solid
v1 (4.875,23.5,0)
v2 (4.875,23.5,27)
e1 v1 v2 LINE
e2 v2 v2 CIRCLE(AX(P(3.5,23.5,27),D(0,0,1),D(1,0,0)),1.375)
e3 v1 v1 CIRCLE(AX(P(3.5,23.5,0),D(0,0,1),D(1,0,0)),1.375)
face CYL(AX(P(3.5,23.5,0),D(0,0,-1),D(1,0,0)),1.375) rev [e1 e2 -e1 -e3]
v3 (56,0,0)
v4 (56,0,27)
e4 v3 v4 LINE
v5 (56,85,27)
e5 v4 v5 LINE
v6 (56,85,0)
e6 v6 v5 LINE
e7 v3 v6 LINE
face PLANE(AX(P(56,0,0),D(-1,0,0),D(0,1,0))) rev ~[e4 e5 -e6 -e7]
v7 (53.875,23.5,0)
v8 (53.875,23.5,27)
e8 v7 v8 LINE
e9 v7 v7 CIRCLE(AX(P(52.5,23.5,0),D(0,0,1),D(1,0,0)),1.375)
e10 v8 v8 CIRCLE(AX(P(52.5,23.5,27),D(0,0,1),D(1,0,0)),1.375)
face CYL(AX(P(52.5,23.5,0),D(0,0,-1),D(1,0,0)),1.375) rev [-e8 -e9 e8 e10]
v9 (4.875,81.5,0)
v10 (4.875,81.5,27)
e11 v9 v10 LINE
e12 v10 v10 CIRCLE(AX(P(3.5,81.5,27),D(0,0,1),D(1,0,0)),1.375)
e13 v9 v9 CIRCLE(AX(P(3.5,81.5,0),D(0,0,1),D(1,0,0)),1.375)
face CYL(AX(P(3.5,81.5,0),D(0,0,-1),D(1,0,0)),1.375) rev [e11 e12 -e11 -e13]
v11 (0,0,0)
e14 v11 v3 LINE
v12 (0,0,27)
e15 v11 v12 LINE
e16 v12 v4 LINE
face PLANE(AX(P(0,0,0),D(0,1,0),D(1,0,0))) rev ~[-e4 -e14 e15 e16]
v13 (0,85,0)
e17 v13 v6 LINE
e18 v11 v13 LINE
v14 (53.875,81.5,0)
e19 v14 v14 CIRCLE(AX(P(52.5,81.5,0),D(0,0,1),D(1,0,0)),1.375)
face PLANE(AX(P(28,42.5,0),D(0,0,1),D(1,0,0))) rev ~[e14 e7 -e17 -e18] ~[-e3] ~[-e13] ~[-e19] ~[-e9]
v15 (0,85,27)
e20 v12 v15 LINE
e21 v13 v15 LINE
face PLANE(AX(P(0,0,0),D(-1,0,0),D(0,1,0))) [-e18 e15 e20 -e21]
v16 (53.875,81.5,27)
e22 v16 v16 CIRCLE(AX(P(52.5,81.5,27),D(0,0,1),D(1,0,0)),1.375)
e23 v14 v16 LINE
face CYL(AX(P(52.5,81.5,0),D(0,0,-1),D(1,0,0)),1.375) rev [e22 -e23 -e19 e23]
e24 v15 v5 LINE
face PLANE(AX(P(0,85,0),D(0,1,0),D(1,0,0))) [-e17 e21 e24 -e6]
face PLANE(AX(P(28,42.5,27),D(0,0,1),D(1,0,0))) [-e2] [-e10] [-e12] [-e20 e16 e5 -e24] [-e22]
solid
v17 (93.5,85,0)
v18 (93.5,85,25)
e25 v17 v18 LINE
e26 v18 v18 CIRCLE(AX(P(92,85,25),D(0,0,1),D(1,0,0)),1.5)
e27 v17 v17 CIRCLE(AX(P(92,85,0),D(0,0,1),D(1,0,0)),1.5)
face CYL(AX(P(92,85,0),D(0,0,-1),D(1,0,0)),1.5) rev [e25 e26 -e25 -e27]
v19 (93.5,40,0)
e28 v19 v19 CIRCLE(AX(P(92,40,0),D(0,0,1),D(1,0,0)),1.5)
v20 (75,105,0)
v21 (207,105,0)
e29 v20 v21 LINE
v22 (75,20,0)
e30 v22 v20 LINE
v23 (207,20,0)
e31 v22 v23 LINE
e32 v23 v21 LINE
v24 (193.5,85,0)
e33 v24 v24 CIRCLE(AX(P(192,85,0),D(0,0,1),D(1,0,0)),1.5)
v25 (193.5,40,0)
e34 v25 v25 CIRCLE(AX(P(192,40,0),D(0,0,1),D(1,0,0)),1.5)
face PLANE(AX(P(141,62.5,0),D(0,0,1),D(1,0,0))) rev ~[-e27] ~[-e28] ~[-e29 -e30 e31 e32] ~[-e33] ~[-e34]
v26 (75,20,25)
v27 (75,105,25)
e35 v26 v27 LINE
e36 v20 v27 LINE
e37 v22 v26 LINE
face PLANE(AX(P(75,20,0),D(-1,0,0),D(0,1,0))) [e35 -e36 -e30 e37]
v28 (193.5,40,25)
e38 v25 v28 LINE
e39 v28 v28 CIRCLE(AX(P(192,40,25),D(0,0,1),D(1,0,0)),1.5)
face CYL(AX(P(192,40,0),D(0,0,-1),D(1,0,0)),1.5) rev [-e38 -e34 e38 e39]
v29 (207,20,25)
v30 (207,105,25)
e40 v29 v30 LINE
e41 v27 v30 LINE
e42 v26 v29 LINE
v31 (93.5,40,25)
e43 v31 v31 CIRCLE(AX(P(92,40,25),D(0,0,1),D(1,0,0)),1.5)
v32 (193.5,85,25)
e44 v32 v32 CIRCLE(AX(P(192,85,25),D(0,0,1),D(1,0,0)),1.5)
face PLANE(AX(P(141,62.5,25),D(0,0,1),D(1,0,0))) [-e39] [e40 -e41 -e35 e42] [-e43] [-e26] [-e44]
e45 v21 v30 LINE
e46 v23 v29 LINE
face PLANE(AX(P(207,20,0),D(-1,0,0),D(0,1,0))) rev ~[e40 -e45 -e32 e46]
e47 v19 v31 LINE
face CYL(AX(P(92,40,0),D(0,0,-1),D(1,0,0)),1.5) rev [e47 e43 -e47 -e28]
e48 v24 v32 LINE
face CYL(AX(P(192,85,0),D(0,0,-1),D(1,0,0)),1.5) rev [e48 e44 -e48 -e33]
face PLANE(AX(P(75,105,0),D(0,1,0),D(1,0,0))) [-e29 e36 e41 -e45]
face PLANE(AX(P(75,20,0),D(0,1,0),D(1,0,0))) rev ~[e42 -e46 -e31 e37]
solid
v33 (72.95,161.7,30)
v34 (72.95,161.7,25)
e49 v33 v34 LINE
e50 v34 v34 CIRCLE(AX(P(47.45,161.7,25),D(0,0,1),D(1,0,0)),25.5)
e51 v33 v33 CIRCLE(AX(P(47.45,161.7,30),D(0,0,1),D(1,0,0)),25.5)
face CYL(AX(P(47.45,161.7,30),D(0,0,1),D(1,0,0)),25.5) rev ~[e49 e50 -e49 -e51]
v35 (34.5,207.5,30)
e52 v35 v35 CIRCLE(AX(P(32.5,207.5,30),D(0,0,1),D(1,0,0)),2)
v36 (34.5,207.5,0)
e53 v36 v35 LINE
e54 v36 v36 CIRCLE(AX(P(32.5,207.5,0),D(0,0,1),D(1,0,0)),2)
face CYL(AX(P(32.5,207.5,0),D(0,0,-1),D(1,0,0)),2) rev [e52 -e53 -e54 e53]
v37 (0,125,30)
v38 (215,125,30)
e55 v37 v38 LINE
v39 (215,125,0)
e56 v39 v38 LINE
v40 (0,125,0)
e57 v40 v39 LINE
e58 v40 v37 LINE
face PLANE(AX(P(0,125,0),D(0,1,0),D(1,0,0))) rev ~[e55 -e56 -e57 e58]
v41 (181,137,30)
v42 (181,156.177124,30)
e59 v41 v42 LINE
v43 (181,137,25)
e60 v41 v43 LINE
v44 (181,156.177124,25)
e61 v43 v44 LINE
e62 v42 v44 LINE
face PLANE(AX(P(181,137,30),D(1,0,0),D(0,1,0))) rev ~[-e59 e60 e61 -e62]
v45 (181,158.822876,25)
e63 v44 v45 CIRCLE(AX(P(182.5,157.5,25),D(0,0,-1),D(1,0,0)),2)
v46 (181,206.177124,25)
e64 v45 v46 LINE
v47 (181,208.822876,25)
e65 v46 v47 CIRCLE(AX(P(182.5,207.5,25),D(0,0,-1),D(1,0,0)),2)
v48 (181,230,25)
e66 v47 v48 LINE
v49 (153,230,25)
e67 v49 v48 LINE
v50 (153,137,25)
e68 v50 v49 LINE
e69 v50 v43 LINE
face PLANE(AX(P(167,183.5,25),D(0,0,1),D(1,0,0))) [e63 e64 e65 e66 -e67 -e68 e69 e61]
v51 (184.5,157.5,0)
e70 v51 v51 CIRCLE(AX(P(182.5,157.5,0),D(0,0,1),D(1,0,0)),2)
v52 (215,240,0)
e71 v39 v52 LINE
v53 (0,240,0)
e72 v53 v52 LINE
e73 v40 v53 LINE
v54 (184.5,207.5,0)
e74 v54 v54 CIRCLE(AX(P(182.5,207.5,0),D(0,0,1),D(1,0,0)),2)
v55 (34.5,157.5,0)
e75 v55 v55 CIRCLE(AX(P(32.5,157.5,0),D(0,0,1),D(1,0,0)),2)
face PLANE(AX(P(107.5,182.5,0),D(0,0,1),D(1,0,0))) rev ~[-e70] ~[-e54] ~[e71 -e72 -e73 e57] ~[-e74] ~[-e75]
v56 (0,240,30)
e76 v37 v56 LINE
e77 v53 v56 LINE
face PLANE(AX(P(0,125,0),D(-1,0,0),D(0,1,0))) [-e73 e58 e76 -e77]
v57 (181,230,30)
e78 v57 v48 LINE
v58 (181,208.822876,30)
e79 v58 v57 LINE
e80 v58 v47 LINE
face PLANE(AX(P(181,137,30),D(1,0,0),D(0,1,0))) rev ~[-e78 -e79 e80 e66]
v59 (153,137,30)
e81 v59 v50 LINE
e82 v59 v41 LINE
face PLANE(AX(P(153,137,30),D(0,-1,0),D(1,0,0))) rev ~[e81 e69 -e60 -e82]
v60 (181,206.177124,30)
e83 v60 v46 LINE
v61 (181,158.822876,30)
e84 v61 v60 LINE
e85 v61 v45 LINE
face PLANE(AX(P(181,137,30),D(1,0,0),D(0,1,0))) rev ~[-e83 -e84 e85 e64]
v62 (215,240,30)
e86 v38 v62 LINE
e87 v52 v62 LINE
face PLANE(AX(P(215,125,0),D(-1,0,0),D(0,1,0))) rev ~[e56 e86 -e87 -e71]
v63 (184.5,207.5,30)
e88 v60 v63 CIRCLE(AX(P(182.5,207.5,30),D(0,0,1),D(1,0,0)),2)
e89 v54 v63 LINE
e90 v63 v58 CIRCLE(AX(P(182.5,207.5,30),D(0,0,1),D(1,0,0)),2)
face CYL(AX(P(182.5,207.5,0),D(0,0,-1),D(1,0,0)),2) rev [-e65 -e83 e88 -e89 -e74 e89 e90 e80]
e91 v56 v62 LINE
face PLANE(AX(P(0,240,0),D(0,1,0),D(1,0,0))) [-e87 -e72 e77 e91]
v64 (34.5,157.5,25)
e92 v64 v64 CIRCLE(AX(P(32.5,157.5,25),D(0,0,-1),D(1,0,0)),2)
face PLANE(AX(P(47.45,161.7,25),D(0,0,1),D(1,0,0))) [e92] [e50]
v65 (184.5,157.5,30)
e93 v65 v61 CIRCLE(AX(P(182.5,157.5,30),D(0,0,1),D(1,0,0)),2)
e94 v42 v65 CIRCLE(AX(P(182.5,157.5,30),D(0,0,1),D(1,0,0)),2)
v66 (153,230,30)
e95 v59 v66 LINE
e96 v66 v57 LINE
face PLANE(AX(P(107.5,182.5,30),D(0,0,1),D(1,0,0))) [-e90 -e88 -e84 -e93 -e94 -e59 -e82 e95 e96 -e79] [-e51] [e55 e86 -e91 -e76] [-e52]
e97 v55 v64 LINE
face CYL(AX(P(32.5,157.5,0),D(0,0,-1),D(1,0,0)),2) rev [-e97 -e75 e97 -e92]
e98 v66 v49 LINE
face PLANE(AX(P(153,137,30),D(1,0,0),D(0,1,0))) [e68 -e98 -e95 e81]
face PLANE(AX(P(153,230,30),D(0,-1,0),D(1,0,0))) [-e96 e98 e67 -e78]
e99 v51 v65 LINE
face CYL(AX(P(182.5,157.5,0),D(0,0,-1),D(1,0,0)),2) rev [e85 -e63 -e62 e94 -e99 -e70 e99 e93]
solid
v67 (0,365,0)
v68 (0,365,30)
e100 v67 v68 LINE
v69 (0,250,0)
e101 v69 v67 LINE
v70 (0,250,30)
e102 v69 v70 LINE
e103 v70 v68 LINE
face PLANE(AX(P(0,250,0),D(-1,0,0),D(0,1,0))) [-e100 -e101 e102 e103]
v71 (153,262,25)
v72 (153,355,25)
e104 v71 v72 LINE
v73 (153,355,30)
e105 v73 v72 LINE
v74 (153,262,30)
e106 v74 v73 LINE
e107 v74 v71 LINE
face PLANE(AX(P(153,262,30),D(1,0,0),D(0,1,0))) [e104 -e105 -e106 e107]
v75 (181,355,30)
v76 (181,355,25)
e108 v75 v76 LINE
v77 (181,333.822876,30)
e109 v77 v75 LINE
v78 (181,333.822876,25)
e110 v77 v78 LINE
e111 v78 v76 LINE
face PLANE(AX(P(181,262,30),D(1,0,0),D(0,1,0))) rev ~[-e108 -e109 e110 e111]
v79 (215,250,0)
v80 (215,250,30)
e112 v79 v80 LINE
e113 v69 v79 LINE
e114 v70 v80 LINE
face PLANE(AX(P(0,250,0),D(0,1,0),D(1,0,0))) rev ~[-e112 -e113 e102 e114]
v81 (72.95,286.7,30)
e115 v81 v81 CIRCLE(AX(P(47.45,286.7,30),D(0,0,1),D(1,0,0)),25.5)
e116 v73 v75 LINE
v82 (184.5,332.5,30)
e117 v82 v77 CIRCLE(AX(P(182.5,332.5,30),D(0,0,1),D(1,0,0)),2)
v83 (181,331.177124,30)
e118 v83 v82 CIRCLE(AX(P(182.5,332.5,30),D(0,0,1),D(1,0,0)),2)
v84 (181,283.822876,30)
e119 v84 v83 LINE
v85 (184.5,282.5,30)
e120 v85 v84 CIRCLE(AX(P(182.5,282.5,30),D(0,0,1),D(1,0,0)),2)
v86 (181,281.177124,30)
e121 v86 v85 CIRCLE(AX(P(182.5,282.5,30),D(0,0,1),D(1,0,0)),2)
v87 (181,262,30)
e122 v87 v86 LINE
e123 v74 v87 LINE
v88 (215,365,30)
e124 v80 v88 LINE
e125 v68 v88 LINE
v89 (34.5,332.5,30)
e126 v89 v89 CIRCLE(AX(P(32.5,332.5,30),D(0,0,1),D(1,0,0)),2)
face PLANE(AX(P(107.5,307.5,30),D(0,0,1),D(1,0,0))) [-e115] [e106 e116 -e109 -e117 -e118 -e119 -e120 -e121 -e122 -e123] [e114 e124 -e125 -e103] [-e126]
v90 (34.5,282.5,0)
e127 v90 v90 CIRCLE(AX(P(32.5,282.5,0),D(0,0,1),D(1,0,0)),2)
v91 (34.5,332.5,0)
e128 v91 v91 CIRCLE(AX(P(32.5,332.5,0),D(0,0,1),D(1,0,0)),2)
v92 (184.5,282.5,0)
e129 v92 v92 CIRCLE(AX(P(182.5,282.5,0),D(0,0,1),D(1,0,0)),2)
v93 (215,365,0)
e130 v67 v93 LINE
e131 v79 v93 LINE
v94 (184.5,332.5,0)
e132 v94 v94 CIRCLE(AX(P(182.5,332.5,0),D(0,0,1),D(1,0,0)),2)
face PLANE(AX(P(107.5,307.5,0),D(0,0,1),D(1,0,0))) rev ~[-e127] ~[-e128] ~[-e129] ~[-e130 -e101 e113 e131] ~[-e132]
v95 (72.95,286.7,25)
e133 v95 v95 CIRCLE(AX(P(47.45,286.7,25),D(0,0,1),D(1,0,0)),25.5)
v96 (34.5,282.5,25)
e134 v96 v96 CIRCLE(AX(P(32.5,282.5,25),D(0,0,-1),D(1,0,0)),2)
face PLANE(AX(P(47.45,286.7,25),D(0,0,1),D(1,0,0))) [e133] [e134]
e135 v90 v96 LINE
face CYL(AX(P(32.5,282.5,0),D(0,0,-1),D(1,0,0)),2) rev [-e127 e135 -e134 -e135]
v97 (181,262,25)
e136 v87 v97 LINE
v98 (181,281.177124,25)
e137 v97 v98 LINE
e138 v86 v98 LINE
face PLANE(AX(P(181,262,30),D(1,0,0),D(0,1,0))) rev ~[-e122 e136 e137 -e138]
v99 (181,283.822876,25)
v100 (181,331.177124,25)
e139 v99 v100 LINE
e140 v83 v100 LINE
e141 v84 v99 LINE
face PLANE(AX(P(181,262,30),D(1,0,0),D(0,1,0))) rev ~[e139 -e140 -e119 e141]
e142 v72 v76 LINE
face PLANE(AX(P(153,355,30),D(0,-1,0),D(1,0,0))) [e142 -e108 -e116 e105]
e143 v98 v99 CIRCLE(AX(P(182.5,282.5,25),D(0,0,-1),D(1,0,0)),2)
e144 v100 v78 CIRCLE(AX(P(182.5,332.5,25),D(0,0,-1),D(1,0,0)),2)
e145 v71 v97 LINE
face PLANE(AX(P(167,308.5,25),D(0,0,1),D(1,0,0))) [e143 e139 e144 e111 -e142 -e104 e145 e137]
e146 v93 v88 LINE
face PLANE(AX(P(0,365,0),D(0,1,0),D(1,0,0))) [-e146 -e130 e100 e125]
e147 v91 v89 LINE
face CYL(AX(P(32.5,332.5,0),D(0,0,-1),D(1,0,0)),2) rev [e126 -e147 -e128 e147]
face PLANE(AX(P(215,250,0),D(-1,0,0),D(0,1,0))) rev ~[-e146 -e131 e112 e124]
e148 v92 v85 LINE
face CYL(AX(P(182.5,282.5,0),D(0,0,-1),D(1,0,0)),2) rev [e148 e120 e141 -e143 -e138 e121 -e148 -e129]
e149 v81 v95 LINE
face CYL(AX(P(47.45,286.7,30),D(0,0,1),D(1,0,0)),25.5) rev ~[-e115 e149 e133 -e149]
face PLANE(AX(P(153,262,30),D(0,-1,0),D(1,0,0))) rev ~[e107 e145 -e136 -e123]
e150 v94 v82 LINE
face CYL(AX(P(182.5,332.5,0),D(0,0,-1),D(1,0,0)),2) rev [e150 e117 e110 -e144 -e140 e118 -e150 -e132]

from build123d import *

# Parameters (mm, degrees)
SKETCH_W        = 56
SKETCH_H        = 85
SKETCH_R        = 1.375
PAD_DEPTH       = 27
SKETCH001_W     = 132
SKETCH001_H     = 85
SKETCH001_R     = 1.5
PAD001_DEPTH    = 25
SKETCH002_W     = 215
SKETCH002_H     = 115
SKETCH002_R     = 2
PAD002_DEPTH    = 30
SKETCH003_R     = 25.5
SKETCH003_W     = 28
SKETCH003_H     = 93
POCKET_DEPTH    = 5
SKETCH004_W     = 215
SKETCH004_H     = 115
SKETCH004_R     = 2
PAD003_DEPTH    = 30
SKETCH005_R     = 25.5
SKETCH005_W     = 28
SKETCH005_H     = 93
POCKET001_DEPTH = 5


with BuildPart() as pi3b:
    # Sketch → Pad (new body)
    with BuildSketch(Plane.XY):
        with Locations((28, 42.5)):
            Rectangle(SKETCH_W, SKETCH_H)
        with Locations((3.5, 81.5)):
            Circle(SKETCH_R, mode=Mode.SUBTRACT)
        with Locations((52.5, 81.5)):
            Circle(SKETCH_R, mode=Mode.SUBTRACT)
        with Locations((3.5, 23.5)):
            Circle(SKETCH_R, mode=Mode.SUBTRACT)
        with Locations((52.5, 23.5)):
            Circle(SKETCH_R, mode=Mode.SUBTRACT)
    extrude(amount=PAD_DEPTH)


with BuildPart() as driverboard:
    # Sketch001 → Pad001 (new body)
    with BuildSketch(Plane.XY):
        with Locations((141, 62.5)):
            Rectangle(SKETCH001_W, SKETCH001_H)
        with Locations((92, 85)):
            Circle(SKETCH001_R, mode=Mode.SUBTRACT)
        with Locations((192, 85)):
            Circle(SKETCH001_R, mode=Mode.SUBTRACT)
        with Locations((92, 40)):
            Circle(SKETCH001_R, mode=Mode.SUBTRACT)
        with Locations((192, 40)):
            Circle(SKETCH001_R, mode=Mode.SUBTRACT)
    extrude(amount=PAD001_DEPTH)


with BuildPart() as mw_lrs_350_5_a:
    # Sketch002 → Pad002 (new body)
    with BuildSketch(Plane.XY):
        with Locations((107.5, 182.5)):
            Rectangle(SKETCH002_W, SKETCH002_H)
        with Locations((32.5, 207.5)):
            Circle(SKETCH002_R, mode=Mode.SUBTRACT)
        with Locations((182.5, 207.5)):
            Circle(SKETCH002_R, mode=Mode.SUBTRACT)
        with Locations((182.5, 157.5)):
            Circle(SKETCH002_R, mode=Mode.SUBTRACT)
        with Locations((32.5, 157.5)):
            Circle(SKETCH002_R, mode=Mode.SUBTRACT)
    extrude(amount=PAD002_DEPTH)

    # Sketch003 (on Face10 of Pad002) → Pocket (cut)
    with BuildSketch(Plane.XY.offset(30)):
        with Locations((47.45, 161.7)):
            Circle(SKETCH003_R)
        with Locations((167, 183.5)):
            Rectangle(SKETCH003_W, SKETCH003_H)
    extrude(amount=-POCKET_DEPTH, mode=Mode.SUBTRACT)


with BuildPart() as mw_lrs_350_5_b:
    # Sketch004 → Pad003 (new body)
    with BuildSketch(Plane.XY):
        with Locations((107.5, 307.5)):
            Rectangle(SKETCH004_W, SKETCH004_H)
        with Locations((32.5, 332.5)):
            Circle(SKETCH004_R, mode=Mode.SUBTRACT)
        with Locations((182.5, 332.5)):
            Circle(SKETCH004_R, mode=Mode.SUBTRACT)
        with Locations((182.5, 282.5)):
            Circle(SKETCH004_R, mode=Mode.SUBTRACT)
        with Locations((32.5, 282.5)):
            Circle(SKETCH004_R, mode=Mode.SUBTRACT)
    extrude(amount=PAD003_DEPTH)

    # Sketch005 (on Face10 of Pad003) → Pocket001 (cut)
    with BuildSketch(Plane.XY.offset(30)):
        with Locations((47.45, 286.7)):
            Circle(SKETCH005_R)
        with Locations((167, 308.5)):
            Rectangle(SKETCH005_W, SKETCH005_H)
    extrude(amount=-POCKET001_DEPTH, mode=Mode.SUBTRACT)


solid = Compound([pi3b.part, driverboard.part, mw_lrs_350_5_a.part, mw_lrs_350_5_b.part])
